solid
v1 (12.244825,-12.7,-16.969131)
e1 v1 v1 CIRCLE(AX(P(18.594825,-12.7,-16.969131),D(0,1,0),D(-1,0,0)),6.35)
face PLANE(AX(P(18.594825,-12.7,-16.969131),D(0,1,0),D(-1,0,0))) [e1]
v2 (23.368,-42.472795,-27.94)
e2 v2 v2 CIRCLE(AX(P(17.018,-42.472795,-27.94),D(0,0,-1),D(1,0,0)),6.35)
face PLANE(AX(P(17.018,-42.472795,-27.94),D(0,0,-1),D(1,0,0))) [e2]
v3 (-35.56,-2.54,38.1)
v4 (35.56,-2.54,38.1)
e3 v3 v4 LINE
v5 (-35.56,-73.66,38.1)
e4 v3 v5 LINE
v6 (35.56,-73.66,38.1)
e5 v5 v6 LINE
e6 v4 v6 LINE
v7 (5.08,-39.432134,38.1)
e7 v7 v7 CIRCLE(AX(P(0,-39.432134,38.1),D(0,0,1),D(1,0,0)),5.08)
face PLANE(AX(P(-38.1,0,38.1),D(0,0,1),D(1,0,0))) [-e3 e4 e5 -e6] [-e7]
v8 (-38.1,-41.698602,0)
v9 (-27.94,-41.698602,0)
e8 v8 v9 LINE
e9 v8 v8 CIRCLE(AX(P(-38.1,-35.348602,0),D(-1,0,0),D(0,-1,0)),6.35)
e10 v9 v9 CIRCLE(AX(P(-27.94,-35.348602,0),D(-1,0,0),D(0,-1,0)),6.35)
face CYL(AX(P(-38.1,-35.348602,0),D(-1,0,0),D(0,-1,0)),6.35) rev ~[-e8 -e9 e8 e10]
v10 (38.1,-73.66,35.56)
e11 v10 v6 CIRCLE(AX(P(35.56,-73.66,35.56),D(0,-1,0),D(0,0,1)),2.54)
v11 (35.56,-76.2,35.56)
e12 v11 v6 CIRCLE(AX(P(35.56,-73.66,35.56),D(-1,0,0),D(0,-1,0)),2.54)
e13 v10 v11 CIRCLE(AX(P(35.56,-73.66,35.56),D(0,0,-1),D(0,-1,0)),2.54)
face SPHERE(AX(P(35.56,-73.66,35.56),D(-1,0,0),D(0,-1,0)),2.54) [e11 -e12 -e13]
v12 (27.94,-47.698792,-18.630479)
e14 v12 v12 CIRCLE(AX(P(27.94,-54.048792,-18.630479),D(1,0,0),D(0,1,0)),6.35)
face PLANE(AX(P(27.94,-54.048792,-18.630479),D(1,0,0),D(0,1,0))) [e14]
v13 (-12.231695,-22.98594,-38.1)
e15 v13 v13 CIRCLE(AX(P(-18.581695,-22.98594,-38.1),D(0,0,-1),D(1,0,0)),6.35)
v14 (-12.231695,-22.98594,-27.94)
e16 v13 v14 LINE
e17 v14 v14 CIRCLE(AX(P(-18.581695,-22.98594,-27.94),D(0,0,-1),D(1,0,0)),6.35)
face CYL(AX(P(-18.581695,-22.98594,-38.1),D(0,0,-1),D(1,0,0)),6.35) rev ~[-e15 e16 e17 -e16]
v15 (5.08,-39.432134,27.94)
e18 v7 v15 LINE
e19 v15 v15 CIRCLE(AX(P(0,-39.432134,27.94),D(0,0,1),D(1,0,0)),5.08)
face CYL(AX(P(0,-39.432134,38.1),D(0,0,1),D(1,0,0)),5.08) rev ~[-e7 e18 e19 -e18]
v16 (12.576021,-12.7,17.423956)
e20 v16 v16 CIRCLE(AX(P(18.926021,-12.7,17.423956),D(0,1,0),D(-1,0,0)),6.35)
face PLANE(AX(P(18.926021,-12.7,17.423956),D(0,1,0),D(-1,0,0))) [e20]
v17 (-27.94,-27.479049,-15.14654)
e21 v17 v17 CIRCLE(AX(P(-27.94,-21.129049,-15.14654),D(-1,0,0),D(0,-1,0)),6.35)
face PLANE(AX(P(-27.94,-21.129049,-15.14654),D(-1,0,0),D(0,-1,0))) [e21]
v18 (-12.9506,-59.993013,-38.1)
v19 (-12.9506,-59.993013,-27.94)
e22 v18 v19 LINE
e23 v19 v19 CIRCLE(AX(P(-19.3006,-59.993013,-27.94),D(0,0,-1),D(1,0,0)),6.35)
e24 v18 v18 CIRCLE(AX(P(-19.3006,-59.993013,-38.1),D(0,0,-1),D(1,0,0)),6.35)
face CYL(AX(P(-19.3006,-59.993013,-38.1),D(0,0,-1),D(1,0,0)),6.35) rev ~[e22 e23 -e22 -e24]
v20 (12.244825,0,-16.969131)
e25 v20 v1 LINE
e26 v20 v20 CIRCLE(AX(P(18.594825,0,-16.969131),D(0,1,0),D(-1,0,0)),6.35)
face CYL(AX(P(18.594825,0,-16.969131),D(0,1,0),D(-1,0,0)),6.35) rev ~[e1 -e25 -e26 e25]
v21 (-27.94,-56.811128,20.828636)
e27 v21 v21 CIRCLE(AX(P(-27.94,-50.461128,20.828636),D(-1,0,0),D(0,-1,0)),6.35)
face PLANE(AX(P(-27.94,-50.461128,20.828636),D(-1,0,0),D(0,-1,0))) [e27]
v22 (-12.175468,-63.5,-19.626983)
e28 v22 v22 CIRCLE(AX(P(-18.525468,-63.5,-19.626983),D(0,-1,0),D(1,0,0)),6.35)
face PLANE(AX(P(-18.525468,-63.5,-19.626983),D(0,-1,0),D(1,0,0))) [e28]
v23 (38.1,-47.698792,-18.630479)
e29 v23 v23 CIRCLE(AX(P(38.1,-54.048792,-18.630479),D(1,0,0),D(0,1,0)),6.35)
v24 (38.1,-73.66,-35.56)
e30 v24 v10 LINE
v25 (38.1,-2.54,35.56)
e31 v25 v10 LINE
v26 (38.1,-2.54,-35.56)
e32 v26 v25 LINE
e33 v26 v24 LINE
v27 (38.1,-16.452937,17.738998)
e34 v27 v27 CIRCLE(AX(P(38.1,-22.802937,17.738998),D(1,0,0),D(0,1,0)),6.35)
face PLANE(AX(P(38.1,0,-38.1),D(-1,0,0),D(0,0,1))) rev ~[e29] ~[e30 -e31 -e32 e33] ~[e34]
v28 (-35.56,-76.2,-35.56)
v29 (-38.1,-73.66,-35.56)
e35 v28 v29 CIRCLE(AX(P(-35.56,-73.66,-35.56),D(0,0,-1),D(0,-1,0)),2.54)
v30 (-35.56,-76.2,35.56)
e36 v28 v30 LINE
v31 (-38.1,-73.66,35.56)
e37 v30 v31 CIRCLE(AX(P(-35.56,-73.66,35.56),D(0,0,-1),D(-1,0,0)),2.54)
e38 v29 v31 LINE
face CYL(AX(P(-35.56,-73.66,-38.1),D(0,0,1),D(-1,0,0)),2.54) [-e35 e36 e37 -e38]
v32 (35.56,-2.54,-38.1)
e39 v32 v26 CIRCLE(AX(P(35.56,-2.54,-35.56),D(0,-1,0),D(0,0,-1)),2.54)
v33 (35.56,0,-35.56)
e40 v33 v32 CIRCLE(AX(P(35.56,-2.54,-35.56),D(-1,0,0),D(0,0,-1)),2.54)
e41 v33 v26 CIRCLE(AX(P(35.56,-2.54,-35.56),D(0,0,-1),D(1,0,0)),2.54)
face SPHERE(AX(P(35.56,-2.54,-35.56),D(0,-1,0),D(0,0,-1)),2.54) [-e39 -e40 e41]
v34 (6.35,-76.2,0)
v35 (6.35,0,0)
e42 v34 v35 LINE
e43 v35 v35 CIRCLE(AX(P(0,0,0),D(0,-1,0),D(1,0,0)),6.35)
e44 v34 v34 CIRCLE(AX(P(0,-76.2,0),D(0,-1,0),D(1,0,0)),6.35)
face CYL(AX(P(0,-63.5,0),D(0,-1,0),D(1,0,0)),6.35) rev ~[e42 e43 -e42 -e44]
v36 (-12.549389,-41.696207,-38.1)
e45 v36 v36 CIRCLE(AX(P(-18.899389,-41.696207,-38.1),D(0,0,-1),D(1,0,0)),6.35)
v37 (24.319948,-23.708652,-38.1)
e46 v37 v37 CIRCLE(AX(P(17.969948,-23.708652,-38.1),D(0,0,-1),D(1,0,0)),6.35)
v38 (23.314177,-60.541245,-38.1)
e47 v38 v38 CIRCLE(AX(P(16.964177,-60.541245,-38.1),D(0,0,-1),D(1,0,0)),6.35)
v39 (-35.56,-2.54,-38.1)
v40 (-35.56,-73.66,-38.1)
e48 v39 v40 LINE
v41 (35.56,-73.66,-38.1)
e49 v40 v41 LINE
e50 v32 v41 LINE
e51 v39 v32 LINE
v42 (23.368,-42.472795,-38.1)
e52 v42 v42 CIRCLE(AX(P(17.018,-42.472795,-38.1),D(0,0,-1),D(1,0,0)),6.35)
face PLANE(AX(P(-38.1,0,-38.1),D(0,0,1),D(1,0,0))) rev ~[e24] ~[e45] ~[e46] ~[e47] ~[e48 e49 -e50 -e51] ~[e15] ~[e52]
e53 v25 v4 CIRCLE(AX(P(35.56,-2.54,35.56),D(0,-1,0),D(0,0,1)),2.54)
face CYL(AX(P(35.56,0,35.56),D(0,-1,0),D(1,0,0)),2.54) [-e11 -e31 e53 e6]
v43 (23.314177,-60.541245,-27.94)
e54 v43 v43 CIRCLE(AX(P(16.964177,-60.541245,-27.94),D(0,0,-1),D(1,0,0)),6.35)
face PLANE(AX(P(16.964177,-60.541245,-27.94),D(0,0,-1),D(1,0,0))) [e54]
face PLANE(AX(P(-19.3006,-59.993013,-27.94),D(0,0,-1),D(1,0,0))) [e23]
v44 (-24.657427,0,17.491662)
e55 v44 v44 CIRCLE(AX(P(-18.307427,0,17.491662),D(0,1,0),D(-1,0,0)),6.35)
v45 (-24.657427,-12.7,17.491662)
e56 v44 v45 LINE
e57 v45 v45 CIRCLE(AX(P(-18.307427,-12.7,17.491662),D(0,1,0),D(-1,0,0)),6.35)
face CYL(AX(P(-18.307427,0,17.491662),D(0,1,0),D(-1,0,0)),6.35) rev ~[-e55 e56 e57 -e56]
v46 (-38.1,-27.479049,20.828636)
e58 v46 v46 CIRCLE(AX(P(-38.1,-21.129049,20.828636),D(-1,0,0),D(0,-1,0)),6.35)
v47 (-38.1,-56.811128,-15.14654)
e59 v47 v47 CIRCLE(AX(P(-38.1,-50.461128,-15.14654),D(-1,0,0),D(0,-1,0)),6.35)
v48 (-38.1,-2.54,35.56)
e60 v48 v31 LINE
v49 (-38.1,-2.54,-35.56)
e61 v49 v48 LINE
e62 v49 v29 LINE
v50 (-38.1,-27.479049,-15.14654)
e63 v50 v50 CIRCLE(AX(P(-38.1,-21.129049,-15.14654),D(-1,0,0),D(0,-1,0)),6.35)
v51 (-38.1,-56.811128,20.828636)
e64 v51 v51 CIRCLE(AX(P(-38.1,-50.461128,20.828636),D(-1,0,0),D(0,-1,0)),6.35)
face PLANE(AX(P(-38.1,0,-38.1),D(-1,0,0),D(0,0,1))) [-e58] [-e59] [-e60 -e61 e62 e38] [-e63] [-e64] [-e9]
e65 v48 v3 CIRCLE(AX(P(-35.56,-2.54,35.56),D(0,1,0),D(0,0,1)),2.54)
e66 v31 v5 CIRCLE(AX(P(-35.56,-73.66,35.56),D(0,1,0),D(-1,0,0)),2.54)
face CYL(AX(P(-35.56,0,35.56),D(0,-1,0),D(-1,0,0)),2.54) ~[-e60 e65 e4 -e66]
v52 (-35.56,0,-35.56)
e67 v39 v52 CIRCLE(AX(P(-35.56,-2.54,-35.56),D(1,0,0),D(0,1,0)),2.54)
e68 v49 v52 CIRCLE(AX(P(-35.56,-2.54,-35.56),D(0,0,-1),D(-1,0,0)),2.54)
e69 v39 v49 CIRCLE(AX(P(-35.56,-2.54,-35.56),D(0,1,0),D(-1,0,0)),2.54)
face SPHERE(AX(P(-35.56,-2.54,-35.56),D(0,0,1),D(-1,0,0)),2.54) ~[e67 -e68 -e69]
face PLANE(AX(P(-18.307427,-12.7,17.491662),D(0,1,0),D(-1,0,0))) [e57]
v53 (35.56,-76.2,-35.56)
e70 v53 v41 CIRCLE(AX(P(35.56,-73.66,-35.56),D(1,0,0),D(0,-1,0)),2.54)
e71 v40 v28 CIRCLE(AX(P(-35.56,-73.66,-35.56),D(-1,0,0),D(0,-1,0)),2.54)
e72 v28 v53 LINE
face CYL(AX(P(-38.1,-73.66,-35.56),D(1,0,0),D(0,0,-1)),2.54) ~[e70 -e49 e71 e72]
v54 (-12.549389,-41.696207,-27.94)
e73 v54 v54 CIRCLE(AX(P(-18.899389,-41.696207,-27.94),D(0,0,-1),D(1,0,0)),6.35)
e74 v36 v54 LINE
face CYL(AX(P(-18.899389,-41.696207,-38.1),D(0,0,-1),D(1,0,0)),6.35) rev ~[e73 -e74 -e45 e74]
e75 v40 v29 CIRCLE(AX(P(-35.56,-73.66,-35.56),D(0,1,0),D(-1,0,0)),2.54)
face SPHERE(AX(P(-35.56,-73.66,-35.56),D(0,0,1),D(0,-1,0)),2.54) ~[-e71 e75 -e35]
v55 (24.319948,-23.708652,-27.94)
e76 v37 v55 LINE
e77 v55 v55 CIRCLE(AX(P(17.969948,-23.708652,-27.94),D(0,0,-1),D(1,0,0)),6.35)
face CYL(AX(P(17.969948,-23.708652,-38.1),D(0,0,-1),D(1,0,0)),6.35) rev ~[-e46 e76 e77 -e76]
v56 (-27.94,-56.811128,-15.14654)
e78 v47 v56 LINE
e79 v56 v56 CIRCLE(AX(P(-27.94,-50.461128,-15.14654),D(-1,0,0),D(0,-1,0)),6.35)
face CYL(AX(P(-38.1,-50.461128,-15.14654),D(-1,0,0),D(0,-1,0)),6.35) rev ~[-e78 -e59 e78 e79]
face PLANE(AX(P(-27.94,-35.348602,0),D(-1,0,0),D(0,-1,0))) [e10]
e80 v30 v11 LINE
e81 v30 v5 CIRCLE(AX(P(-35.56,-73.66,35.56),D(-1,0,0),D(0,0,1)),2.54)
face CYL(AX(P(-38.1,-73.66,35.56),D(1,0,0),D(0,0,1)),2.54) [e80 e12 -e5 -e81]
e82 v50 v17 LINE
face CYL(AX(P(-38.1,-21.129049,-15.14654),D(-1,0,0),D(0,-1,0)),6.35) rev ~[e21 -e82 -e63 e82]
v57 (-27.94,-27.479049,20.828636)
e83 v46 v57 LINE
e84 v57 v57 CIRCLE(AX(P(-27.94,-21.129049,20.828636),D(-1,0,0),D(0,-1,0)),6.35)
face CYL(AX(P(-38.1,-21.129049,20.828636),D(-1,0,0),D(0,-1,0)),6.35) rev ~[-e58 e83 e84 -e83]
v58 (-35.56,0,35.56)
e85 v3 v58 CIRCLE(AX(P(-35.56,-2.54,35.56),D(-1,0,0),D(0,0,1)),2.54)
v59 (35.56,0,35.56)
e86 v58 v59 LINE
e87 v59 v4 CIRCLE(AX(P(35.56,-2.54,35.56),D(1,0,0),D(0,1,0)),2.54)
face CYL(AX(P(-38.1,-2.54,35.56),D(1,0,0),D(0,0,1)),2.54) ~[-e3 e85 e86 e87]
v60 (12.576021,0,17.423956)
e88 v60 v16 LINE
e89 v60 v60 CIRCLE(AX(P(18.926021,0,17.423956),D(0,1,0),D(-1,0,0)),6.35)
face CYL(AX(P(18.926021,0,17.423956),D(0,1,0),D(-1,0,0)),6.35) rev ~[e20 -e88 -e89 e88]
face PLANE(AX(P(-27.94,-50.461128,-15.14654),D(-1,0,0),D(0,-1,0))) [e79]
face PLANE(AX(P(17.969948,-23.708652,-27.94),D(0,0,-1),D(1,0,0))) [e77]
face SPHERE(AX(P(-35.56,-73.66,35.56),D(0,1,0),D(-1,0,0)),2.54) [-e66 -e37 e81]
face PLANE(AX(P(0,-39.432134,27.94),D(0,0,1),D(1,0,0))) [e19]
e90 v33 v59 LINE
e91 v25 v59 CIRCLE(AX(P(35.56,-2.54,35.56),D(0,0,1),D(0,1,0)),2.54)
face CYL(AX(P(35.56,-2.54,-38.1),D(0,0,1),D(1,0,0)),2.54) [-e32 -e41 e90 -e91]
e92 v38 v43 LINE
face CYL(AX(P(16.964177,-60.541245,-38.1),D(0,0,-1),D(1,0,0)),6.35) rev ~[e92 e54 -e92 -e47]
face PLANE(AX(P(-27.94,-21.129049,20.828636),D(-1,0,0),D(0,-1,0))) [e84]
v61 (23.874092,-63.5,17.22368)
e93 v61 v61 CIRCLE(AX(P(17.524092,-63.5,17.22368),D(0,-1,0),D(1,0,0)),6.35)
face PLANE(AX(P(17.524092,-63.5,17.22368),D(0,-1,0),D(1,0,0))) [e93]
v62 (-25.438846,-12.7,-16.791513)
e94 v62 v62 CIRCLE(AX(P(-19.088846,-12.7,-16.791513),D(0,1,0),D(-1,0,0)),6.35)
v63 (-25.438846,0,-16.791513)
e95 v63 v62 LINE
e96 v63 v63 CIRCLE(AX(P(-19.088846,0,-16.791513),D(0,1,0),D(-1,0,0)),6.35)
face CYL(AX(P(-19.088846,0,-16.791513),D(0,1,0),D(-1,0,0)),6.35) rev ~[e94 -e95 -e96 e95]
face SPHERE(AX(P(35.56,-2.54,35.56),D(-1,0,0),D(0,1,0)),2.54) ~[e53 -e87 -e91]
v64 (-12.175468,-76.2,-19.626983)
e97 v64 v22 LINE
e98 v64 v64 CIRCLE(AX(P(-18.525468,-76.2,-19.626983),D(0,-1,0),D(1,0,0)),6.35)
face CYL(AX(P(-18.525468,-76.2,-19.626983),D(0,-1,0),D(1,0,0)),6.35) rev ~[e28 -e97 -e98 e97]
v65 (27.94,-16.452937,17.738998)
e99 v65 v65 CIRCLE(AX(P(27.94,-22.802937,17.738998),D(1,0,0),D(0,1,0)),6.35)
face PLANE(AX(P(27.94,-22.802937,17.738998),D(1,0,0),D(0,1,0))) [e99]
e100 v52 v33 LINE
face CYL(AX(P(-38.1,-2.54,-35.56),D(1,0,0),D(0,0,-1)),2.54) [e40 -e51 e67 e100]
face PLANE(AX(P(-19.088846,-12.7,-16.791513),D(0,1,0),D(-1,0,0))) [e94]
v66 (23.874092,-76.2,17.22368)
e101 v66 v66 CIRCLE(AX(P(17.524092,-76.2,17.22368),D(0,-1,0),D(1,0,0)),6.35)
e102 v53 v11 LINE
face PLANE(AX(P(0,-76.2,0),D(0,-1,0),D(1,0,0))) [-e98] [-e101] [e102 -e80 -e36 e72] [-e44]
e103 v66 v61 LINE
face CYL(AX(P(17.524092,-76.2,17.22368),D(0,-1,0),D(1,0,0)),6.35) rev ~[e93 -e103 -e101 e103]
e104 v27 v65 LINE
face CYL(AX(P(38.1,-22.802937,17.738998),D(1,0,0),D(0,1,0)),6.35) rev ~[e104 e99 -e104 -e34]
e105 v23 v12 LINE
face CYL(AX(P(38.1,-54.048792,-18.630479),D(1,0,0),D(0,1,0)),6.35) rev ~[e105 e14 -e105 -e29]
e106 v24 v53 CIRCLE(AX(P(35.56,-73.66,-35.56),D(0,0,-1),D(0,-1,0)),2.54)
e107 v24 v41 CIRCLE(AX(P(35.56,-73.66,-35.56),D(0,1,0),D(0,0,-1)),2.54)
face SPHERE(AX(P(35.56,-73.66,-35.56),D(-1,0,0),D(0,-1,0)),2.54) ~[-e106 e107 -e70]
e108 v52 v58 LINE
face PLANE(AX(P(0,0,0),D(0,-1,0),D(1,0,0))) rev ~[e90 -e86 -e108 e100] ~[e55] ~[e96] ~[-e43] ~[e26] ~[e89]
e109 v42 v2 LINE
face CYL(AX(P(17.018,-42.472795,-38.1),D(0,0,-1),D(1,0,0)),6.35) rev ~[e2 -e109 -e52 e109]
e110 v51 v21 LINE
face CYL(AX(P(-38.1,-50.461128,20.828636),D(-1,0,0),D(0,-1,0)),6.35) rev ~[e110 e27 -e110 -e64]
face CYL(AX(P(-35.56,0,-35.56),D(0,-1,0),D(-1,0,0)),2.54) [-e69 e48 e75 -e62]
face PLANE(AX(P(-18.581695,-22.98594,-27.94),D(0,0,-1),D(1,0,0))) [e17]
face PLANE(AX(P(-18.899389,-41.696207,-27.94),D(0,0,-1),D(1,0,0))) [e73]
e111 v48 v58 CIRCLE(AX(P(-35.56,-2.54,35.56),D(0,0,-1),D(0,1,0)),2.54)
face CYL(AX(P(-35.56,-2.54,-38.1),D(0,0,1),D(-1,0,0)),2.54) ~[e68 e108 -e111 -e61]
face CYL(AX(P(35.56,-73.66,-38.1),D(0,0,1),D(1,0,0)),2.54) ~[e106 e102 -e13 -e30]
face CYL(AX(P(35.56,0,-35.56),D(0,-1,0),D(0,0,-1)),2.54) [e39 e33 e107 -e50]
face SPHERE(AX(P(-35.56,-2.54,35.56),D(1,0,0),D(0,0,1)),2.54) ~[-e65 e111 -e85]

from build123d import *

# Parameters (mm, degrees)
F0_W      = 76.2
F0_H      = 76.2
F1_DEPTH  = 76.2
F2_R      = 2.54
F3_R      = 5.08
F4_DEPTH  = 10.16
F5_R      = 6.35
F6_DEPTH  = 12.7
F6_FACE_R = 6.35
F7_DEPTH  = 2540
F8_R      = 6.35
F9_DEPTH  = 12.7
F10_R     = 6.35
F11_DEPTH = 10.16
F12_R     = 6.35
F13_DEPTH = 10.16
F14_R     = 6.35
F15_DEPTH = 10.16


with BuildPart() as f1:
    # F0 (on Front) → F1 (new body)
    with BuildSketch(Plane.XZ):
        Rectangle(F0_W, F0_H)
    extrude(amount=F1_DEPTH)

    # F2
    f2_edges = [f1.edges().sort_by_distance(p)[0] for p in [
        (0, 0, 38.1),
        (-38.1, -38.1, 38.1),
        (-38.1, 0, 0),
        (-38.1, -76.2, 0),
        (0, -76.2, 38.1),
        (0, -76.2, -38.1),
        (38.1, -76.2, 0),
        (-38.1, -38.1, -38.1),
        (38.1, -38.1, -38.1),
        (0, 0, -38.1),
        (38.1, 0, 0),
        (38.1, -38.1, 38.1),
    ]]
    fillet(f2_edges, radius=F2_R)

    # F3 (on face) → F4 (cut)
    with BuildSketch(Plane.XY.offset(38.1)):
        with Locations((0, -39.432134)):
            Circle(F3_R)
    extrude(amount=-F4_DEPTH, mode=Mode.SUBTRACT)

    # F5 (on face) → F6 (cut)
    with BuildSketch(Plane.XZ.offset(76.2)):
        with Locations((-18.525468, -19.626983)):
            Circle(F5_R)
        with Locations((17.524092, 17.22368)):
            Circle(F5_R)
        Circle(F5_R)
    extrude(amount=-F6_DEPTH, mode=Mode.SUBTRACT)

    # F6_face (on face) → F7 (cut)
    with BuildSketch(Plane.XZ.offset(63.5)):
        Circle(F6_FACE_R)
    extrude(amount=-F7_DEPTH, mode=Mode.SUBTRACT)

    # F8 (on face) → F9 (cut)
    with BuildSketch(Plane(origin=(0, 0, 0), x_dir=(-1, 0, 0), z_dir=(0, 1, 0))):
        with Locations((-18.926021, 17.423956)):
            Circle(F8_R)
        with Locations((18.307427, 17.491662)):
            Circle(F8_R)
        with Locations((-18.594825, -16.969131)):
            Circle(F8_R)
        with Locations((19.088846, -16.791513)):
            Circle(F8_R)
    extrude(amount=-F9_DEPTH, mode=Mode.SUBTRACT)

    # F10 (on face) → F11 (cut)
    with BuildSketch(Plane(origin=(0, 0, -38.1), x_dir=(1, 0, 0), z_dir=(0, 0, -1))):
        with Locations((-19.3006, 59.993013)):
            Circle(F10_R)
        with Locations((-18.899389, 41.696207)):
            Circle(F10_R)
        with Locations((16.964177, 60.541245)):
            Circle(F10_R)
        with Locations((17.018, 42.472795)):
            Circle(F10_R)
        with Locations((17.969948, 23.708652)):
            Circle(F10_R)
        with Locations((-18.581695, 22.98594)):
            Circle(F10_R)
    extrude(amount=-F11_DEPTH, mode=Mode.SUBTRACT)

    # F12 (on face) → F13 (cut)
    with BuildSketch(Plane.YZ.offset(38.1)):
        with Locations((-22.802937, 17.738998)):
            Circle(F12_R)
        with Locations((-54.048792, -18.630479)):
            Circle(F12_R)
    extrude(amount=-F13_DEPTH, mode=Mode.SUBTRACT)

    # F14 (on face) → F15 (cut)
    with BuildSketch(Plane(origin=(-38.1, 0, 0), x_dir=(0, -1, 0), z_dir=(-1, 0, 0))):
        with Locations((21.129049, 20.828636)):
            Circle(F14_R)
        with Locations((50.461128, 20.828636)):
            Circle(F14_R)
        with Locations((21.129049, -15.14654)):
            Circle(F14_R)
        with Locations((50.461128, -15.14654)):
            Circle(F14_R)
        with Locations((35.348602, 0)):
            Circle(F14_R)
    extrude(amount=-F15_DEPTH, mode=Mode.SUBTRACT)


solid = f1.part
